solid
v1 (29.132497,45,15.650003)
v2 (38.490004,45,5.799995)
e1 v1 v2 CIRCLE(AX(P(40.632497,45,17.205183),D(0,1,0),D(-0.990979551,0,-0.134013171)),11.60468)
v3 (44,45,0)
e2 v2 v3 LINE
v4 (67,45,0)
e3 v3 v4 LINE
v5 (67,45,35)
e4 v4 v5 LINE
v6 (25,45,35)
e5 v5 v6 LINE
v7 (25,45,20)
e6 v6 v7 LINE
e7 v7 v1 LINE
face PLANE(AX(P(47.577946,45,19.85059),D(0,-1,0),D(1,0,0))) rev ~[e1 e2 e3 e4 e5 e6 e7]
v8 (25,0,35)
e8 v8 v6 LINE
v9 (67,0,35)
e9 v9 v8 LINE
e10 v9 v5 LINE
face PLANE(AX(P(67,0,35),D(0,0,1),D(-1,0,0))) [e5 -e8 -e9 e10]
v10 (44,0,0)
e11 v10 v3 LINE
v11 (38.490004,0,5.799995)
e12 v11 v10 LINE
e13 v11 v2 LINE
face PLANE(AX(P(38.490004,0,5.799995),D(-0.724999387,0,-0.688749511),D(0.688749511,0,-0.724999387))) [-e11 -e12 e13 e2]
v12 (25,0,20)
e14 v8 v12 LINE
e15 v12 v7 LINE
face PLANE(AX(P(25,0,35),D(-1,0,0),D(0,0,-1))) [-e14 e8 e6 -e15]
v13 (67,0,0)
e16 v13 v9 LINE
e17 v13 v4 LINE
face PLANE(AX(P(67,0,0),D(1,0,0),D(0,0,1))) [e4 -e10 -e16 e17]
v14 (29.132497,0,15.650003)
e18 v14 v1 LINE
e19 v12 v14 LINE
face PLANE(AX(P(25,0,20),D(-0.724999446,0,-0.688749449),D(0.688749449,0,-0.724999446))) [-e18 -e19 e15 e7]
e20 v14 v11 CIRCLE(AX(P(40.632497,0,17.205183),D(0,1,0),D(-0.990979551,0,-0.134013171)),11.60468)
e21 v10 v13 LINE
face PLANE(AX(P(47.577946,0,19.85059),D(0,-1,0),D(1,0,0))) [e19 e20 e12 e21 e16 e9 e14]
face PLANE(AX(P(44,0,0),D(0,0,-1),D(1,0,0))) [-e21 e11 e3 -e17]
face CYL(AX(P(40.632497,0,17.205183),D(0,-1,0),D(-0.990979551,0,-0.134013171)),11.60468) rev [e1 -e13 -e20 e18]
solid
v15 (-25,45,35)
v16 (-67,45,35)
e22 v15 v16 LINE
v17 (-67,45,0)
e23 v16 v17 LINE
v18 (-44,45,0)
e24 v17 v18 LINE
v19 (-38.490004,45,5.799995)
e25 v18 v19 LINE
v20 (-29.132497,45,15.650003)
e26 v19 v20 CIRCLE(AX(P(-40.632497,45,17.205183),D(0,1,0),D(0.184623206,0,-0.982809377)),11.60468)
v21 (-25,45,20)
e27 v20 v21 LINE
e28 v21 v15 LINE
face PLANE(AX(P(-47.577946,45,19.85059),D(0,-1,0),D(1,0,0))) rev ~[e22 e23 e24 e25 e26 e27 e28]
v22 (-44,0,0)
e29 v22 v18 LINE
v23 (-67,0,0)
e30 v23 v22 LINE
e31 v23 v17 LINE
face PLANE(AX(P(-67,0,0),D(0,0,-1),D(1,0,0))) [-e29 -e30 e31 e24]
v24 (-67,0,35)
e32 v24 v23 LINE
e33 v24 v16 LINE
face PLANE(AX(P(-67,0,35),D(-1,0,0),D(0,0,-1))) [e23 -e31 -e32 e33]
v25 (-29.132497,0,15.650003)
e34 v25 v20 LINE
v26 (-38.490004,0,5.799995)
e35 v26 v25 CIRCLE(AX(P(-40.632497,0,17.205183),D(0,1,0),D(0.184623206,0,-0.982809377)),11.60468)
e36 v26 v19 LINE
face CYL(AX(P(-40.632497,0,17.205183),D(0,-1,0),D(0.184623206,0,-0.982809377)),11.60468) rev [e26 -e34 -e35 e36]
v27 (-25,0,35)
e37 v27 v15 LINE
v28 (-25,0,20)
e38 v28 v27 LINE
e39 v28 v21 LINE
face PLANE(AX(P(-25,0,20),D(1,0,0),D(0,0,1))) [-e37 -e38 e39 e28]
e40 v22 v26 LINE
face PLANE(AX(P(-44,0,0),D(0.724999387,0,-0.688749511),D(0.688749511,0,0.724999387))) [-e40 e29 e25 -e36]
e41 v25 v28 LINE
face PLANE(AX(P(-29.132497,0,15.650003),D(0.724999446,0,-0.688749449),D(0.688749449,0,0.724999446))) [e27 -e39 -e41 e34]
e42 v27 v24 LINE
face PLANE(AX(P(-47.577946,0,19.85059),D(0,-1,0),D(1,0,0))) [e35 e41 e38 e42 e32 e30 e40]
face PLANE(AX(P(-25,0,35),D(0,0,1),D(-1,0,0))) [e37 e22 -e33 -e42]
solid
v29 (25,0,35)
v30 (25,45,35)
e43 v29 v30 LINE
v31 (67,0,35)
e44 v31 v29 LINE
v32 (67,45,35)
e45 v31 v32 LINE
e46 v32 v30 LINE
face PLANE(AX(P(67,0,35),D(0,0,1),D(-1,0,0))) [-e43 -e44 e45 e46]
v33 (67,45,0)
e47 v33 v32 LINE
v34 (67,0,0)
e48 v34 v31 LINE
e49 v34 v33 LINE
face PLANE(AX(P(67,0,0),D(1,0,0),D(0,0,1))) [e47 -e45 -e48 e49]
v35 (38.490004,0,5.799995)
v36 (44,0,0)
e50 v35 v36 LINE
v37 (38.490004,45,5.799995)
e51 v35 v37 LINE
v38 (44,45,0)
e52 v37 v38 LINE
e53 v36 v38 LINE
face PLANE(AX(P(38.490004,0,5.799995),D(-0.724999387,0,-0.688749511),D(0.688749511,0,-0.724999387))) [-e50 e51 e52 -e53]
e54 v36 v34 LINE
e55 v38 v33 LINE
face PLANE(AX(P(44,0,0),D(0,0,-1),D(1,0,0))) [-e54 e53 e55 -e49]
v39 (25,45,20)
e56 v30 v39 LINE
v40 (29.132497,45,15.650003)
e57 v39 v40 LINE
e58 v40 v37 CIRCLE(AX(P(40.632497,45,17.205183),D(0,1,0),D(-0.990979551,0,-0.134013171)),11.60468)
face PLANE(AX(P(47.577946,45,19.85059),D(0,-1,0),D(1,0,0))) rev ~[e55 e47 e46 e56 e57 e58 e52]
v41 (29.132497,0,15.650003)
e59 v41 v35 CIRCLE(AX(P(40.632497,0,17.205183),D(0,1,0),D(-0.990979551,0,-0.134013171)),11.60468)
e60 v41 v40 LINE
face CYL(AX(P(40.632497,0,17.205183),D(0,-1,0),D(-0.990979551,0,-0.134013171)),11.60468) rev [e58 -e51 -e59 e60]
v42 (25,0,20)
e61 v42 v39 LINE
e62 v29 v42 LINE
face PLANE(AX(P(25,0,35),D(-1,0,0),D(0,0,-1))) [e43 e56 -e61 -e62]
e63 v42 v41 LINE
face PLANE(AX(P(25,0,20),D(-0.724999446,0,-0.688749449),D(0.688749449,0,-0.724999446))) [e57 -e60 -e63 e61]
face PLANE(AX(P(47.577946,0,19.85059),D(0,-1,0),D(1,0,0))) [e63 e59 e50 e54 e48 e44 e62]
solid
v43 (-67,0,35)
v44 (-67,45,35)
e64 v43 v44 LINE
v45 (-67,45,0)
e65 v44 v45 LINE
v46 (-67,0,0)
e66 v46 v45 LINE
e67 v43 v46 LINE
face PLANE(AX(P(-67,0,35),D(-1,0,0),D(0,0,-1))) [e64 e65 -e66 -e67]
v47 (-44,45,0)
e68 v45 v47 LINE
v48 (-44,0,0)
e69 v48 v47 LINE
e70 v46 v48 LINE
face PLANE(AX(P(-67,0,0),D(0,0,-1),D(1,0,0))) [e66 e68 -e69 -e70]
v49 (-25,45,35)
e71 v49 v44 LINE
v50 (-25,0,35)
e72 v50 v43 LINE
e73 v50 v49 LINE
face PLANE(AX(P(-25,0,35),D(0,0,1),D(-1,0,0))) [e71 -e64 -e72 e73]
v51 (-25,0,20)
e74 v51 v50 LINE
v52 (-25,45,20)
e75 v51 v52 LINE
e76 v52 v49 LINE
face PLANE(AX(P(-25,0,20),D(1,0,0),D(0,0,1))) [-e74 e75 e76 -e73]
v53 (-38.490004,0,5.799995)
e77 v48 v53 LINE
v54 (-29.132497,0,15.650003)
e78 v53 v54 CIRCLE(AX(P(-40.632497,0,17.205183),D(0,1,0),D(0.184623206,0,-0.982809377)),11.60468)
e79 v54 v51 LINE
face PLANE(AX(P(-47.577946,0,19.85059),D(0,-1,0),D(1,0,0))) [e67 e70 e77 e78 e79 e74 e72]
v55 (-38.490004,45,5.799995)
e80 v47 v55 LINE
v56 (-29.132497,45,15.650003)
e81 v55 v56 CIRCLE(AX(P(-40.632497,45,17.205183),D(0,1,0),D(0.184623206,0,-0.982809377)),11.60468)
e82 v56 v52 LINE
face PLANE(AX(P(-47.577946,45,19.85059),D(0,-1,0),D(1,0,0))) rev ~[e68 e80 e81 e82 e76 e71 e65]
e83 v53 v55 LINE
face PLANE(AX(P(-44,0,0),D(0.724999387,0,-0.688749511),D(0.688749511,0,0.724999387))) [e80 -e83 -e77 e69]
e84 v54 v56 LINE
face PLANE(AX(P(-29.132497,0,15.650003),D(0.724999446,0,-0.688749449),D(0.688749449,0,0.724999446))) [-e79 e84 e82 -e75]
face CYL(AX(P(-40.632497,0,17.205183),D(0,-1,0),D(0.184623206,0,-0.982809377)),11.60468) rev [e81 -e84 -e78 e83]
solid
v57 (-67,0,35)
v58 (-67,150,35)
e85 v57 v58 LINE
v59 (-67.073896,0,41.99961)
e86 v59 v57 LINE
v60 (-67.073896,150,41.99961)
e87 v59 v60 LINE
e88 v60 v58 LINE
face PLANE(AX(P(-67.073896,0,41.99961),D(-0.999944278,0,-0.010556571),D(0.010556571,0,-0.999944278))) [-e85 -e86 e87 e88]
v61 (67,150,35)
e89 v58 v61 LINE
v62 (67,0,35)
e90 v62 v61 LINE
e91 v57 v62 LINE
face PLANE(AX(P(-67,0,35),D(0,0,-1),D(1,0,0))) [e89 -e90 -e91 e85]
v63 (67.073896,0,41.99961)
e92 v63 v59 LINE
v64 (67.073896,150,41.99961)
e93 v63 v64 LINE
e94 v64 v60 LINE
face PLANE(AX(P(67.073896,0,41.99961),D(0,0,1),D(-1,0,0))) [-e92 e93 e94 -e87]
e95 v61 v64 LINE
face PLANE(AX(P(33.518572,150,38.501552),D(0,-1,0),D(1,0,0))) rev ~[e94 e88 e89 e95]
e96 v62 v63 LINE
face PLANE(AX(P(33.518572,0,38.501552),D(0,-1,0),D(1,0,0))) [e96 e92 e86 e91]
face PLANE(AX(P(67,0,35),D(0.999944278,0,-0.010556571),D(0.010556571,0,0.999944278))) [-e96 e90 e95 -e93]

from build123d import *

# Parameters (mm, degrees)
F1_DEPTH = 45
F2_DEPTH = 150
F3_DEPTH = 45


with BuildPart() as f1:
    # F0 (on Front) → F1 (new body)
    with BuildSketch(Plane.XZ):
        with BuildLine():
            Line((-25, 20), (-25, 35))
            Line((-25, 35), (-67, 35))
            Line((-67, 35), (-67, 0))
            Line((-67, 0), (-44, 0))
            Line((-44, 0), (-38.490004, 5.799995))
            ThreePointArc((-38.490004, 5.799995), (-49.045883, 25.1979), (-29.132497, 15.650003))
            Line((-29.132497, 15.650003), (-25, 20))
        make_face()
        with BuildLine():
            Line((67, 35), (25, 35))
            Line((25, 35), (25, 20))
            Line((25, 20), (29.132497, 15.650003))
            ThreePointArc((29.132497, 15.650003), (49.045883, 25.1979), (38.490004, 5.799995))
            Line((38.490004, 5.799995), (44, 0))
            Line((44, 0), (67, 0))
            Line((67, 0), (67, 35))
        make_face()
    extrude(amount=-F1_DEPTH)


with BuildPart() as f2:
    # F0 (on Front) → F2 (new body)
    with BuildSketch(Plane.XZ):
        Polygon((0, 41.99961), (0, 35), (25, 35), (67, 35), (67.073896, 41.99961), align=None)
        Polygon((-25, 35), (0, 35), (0, 41.99961), (-67.073896, 41.99961), (-67, 35), align=None)
    extrude(amount=-F2_DEPTH)


with BuildPart() as f3:
    # F0 (on Front) → F3 (new body)
    with BuildSketch(Plane.XZ):
        with BuildLine():
            Line((-25, 20), (-25, 35))
            Line((-25, 35), (-67, 35))
            Line((-67, 35), (-67, 0))
            Line((-67, 0), (-44, 0))
            Line((-44, 0), (-38.490004, 5.799995))
            ThreePointArc((-38.490004, 5.799995), (-49.045883, 25.1979), (-29.132497, 15.650003))
            Line((-29.132497, 15.650003), (-25, 20))
        make_face()
        with BuildLine():
            Line((67, 35), (25, 35))
            Line((25, 35), (25, 20))
            Line((25, 20), (29.132497, 15.650003))
            ThreePointArc((29.132497, 15.650003), (49.045883, 25.1979), (38.490004, 5.799995))
            Line((38.490004, 5.799995), (44, 0))
            Line((44, 0), (67, 0))
            Line((67, 0), (67, 35))
        make_face()
    extrude(amount=-F3_DEPTH)


solid = Compound([f1.part, f2.part, f3.part])
